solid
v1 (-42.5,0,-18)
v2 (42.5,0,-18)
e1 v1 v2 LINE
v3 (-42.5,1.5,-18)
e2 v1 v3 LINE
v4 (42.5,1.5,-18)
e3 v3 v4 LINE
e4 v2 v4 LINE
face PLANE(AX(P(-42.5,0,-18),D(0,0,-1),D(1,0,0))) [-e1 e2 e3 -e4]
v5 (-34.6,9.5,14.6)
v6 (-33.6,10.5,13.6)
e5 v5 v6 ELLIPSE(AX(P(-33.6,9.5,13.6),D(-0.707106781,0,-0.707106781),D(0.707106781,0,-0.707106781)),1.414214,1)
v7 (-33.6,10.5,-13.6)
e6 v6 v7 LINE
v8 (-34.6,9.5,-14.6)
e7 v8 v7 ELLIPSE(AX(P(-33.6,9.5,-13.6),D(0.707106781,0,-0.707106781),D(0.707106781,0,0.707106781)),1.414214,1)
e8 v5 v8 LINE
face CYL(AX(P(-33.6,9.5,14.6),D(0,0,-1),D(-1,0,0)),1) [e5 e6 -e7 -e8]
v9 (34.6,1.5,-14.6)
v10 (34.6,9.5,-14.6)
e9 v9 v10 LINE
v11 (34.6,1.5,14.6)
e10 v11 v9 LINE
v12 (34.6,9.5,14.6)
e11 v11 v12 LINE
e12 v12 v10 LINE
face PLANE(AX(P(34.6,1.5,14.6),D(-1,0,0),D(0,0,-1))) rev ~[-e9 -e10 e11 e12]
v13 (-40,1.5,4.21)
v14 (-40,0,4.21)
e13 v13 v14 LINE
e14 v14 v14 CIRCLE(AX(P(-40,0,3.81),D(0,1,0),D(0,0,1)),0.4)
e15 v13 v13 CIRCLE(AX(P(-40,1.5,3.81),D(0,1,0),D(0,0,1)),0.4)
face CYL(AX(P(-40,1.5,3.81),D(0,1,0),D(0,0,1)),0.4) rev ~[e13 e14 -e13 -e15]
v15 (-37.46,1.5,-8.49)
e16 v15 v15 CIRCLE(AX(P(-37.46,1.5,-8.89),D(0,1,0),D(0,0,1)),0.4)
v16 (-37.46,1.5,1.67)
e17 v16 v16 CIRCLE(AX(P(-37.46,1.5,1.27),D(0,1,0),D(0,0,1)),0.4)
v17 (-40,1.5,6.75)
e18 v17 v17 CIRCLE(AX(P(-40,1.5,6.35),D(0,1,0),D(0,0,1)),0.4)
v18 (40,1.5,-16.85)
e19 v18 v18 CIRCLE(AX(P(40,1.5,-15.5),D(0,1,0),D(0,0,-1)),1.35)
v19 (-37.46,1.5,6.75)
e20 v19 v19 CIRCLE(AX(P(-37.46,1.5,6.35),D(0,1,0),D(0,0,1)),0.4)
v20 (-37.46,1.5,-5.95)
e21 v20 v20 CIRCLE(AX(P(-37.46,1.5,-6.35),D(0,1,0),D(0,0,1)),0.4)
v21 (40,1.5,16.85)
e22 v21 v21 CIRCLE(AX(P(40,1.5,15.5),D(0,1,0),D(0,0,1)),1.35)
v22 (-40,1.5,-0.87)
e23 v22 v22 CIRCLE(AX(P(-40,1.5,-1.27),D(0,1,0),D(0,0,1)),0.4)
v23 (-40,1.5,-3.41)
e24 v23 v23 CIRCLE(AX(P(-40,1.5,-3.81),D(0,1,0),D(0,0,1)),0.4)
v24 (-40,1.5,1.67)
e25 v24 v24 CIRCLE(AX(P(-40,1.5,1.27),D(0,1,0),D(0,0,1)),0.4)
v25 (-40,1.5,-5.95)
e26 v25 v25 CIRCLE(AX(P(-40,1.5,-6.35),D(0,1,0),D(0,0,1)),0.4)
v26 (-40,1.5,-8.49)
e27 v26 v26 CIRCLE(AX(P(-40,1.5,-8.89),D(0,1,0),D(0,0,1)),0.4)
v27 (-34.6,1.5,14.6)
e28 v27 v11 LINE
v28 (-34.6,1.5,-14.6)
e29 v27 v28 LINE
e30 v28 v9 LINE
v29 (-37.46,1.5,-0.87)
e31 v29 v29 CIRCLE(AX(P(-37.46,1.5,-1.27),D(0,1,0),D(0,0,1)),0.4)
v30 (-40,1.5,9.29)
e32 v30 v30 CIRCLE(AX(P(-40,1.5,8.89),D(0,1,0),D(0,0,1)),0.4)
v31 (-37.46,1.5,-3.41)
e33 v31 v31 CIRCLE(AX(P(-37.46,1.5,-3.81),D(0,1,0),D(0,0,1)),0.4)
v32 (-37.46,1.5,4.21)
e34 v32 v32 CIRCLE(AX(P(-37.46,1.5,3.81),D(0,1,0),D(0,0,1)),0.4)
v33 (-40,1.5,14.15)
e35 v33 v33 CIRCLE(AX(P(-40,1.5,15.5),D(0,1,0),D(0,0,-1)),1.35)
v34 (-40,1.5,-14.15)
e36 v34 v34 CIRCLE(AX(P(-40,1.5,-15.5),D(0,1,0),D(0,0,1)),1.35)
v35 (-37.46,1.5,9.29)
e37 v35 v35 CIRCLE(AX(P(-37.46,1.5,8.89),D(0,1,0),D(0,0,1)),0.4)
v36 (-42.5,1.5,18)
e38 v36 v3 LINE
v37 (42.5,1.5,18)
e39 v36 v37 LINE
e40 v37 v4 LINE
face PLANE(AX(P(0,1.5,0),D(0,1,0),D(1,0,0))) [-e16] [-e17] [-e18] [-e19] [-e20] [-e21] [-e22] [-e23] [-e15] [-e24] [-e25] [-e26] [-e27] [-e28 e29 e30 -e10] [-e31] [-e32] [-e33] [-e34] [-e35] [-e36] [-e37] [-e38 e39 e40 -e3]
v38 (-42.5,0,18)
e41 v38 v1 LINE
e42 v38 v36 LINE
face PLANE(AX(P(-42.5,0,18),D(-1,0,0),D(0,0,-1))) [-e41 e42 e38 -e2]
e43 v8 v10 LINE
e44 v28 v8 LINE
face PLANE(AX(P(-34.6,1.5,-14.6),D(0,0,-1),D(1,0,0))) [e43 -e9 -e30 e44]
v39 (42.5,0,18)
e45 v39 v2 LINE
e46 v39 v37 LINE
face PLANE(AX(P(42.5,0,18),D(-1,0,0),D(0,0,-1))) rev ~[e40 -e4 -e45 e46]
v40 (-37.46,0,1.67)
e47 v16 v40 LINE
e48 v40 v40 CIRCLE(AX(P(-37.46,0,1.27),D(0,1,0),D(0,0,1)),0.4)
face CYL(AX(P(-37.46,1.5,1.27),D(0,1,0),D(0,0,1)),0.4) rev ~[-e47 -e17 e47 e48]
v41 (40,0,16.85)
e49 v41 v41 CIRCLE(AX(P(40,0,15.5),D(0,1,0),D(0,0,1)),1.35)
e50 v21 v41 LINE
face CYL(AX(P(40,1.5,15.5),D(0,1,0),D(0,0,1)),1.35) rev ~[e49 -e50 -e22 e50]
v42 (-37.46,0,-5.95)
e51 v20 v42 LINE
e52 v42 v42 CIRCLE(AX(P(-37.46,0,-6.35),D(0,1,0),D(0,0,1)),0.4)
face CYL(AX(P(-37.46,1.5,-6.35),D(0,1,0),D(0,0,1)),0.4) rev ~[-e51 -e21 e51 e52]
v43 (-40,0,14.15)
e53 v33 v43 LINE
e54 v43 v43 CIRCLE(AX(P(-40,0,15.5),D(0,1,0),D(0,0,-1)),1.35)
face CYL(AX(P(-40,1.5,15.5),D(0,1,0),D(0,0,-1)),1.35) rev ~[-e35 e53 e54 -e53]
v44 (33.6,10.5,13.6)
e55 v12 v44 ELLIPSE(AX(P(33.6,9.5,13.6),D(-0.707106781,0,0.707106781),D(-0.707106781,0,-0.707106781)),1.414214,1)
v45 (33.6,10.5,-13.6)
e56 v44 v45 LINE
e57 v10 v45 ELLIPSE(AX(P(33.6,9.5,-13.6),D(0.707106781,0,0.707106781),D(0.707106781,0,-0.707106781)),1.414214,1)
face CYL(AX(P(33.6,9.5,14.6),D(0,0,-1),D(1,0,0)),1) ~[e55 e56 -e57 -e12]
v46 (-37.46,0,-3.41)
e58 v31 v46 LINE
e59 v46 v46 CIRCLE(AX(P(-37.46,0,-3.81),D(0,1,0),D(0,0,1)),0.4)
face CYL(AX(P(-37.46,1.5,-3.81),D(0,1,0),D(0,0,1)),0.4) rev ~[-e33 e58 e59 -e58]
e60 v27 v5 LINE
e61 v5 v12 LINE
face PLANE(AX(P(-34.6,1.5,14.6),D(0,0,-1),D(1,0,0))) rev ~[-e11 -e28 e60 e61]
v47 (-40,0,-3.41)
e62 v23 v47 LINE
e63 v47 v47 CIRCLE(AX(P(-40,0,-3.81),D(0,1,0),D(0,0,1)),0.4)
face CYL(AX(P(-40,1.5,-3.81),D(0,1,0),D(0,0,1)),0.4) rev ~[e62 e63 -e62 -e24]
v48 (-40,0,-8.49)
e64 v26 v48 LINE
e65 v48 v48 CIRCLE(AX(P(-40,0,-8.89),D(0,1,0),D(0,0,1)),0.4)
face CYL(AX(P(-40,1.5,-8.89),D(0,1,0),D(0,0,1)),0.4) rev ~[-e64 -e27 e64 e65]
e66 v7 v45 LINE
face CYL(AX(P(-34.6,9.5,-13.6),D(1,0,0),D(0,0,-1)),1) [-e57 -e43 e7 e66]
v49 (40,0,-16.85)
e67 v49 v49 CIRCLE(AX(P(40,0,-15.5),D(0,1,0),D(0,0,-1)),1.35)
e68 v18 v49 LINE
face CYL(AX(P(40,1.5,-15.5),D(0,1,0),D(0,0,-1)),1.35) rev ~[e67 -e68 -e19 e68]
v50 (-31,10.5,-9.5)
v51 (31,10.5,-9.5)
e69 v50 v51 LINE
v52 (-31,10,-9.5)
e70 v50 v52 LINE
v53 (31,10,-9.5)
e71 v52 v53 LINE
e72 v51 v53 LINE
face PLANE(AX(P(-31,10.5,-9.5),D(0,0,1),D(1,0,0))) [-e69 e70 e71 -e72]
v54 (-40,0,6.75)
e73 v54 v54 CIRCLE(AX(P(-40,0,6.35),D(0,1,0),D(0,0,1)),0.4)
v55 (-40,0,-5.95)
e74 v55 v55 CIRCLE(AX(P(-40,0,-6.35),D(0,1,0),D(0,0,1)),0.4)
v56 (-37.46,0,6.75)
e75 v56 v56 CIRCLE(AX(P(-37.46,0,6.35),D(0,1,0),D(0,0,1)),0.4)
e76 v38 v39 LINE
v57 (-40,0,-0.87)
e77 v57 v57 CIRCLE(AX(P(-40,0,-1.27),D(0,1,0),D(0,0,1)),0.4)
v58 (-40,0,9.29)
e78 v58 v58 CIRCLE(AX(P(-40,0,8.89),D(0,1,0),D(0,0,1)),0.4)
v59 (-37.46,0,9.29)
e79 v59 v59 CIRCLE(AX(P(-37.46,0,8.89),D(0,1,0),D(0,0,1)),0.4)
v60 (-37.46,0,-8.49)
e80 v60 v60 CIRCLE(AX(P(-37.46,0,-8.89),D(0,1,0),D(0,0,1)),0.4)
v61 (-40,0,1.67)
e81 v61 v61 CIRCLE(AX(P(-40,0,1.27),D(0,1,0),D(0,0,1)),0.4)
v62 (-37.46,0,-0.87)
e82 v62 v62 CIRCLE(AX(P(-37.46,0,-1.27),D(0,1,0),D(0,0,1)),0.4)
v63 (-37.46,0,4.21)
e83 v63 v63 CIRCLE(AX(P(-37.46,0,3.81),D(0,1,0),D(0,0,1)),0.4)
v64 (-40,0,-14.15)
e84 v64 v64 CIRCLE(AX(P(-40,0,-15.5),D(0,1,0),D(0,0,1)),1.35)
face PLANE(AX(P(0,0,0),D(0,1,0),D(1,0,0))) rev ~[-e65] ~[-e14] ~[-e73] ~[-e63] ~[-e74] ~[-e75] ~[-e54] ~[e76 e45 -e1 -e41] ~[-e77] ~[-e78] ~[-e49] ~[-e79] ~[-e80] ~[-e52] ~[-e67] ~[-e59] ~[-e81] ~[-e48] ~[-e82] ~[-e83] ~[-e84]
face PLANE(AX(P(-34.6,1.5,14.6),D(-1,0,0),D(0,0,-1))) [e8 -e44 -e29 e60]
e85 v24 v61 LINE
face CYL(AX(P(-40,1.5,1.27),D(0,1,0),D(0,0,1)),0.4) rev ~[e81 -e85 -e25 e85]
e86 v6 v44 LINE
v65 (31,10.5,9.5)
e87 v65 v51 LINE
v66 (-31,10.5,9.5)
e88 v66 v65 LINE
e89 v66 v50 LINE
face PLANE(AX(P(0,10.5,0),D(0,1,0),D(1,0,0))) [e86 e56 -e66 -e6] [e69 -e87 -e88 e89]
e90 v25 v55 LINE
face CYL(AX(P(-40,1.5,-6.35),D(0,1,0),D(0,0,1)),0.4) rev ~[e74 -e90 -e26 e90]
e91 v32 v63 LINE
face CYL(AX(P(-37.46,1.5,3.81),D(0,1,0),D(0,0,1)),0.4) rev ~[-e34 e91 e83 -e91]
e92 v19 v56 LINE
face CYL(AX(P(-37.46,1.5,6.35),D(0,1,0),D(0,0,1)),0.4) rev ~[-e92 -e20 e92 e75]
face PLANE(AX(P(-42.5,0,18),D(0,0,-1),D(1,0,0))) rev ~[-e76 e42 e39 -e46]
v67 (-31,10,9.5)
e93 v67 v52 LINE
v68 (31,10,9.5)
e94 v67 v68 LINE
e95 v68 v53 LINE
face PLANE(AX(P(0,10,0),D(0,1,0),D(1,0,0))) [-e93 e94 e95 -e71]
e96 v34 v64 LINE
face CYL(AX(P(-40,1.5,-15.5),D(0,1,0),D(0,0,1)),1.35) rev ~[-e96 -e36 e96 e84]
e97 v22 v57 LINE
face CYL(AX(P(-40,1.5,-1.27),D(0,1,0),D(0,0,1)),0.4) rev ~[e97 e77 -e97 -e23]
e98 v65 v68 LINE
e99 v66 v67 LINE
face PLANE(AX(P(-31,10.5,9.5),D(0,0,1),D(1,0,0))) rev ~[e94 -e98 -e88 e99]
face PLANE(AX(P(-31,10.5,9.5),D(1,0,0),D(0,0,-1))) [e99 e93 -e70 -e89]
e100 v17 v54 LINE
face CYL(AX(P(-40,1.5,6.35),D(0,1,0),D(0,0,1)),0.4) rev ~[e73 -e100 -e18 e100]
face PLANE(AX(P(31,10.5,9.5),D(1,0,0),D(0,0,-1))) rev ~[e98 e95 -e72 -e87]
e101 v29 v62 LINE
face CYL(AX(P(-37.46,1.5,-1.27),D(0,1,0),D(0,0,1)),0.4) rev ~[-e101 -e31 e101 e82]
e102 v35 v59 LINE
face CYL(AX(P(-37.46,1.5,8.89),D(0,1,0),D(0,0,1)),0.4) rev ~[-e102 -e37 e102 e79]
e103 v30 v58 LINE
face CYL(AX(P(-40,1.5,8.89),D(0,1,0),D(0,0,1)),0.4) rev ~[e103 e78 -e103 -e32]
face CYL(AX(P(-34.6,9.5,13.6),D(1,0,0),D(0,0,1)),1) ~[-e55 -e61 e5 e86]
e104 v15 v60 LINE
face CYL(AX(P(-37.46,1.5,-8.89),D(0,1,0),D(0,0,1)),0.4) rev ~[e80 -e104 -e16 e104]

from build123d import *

# Parameters (mm, degrees)
SKETCH_1_W                  = 85
SKETCH_1_H                  = 36
EXTRUDE_1_DEPTH             = 1.5
SKETCH_2_W                  = 69.2
SKETCH_2_H                  = 29.2
EXTRUDE_2_DEPTH             = 9
CUT_EXTRUDE_1_REACH         = 49.024
SKETCH_3_R                  = 1.35
SKETCH_4_W                  = 62
SKETCH_4_H                  = 19
CUT_EXTRUDE_2_DEPTH         = 0.5
FILLET_1_R                  = 1
CUT_EXTRUDE_3_REACH         = 49.024
SKETCH_5_R                  = 0.4
PATTERN_LINEAR_1_COUNT      = 8
PATTERN_LINEAR_1_PITCH      = 2.54
PATTERN_LINEAR_1_COUNT_DIR2 = 2
PATTERN_LINEAR_1_PITCH_DIR2 = 2.54


with BuildPart() as part:
    # Эскиз1 → Бобышка-Вытянуть1 (new body)
    with BuildSketch(Plane(origin=(0, 0, 0), x_dir=(1, 0, 0), z_dir=(0, 1, 0))):
        Rectangle(SKETCH_1_W, SKETCH_1_H)
    extrude(amount=EXTRUDE_1_DEPTH)

    # Эскиз2 → Бобышка-Вытянуть2 (add)
    with BuildSketch(Plane(origin=(0, 1.5, 0), x_dir=(1, 0, 0), z_dir=(0, 1, 0))):
        Rectangle(SKETCH_2_W, SKETCH_2_H)
    extrude(amount=EXTRUDE_2_DEPTH)

    # Эскиз3 → Вырез-Вытянуть1 (cut, up to next)
    with BuildSketch(Plane(origin=(0, 1.5, 0), x_dir=(1, 0, 0), z_dir=(0, 1, 0)), mode=Mode.PRIVATE) as cut_extrude_1_sk1:
        with Locations(Location((-40, 15.5, 0), (0, 0, 270))):
            Circle(SKETCH_3_R)
    cut_extrude_1_tool1 = extrude(cut_extrude_1_sk1.sketch, amount=-CUT_EXTRUDE_1_REACH, mode=Mode.PRIVATE) & part.part
    # Эскиз3 → Вырез-Вытянуть1 (cut, up to next)
    with BuildSketch(Plane(origin=(0, 1.5, 0), x_dir=(1, 0, 0), z_dir=(0, 1, 0)), mode=Mode.PRIVATE) as cut_extrude_1_sk2:
        with Locations(Location((-40, -15.5, 0), (0, 0, 90))):
            Circle(SKETCH_3_R)
    cut_extrude_1_tool2 = extrude(cut_extrude_1_sk2.sketch, amount=-CUT_EXTRUDE_1_REACH, mode=Mode.PRIVATE) & part.part
    # Эскиз3 → Вырез-Вытянуть1 (cut, up to next)
    with BuildSketch(Plane(origin=(0, 1.5, 0), x_dir=(1, 0, 0), z_dir=(0, 1, 0)), mode=Mode.PRIVATE) as cut_extrude_1_sk3:
        with Locations(Location((40, -15.5, 0), (0, 0, 270))):
            Circle(SKETCH_3_R)
    cut_extrude_1_tool3 = extrude(cut_extrude_1_sk3.sketch, amount=-CUT_EXTRUDE_1_REACH, mode=Mode.PRIVATE) & part.part
    # Эскиз3 → Вырез-Вытянуть1 (cut, up to next)
    with BuildSketch(Plane(origin=(0, 1.5, 0), x_dir=(1, 0, 0), z_dir=(0, 1, 0)), mode=Mode.PRIVATE) as cut_extrude_1_sk4:
        with Locations(Location((40, 15.5, 0), (0, 0, 90))):
            Circle(SKETCH_3_R)
    cut_extrude_1_tool4 = extrude(cut_extrude_1_sk4.sketch, amount=-CUT_EXTRUDE_1_REACH, mode=Mode.PRIVATE) & part.part
    add(cut_extrude_1_tool1.solids().sort_by_distance((-40, 1.5, -15.5))[0], mode=Mode.SUBTRACT)
    add(cut_extrude_1_tool2.solids().sort_by_distance((-40, 1.5, 15.5))[0], mode=Mode.SUBTRACT)
    add(cut_extrude_1_tool3.solids().sort_by_distance((40, 1.5, 15.5))[0], mode=Mode.SUBTRACT)
    add(cut_extrude_1_tool4.solids().sort_by_distance((40, 1.5, -15.5))[0], mode=Mode.SUBTRACT)

    # Эскиз4 → Вырез-Вытянуть2 (cut)
    with BuildSketch(Plane(origin=(0, 10.5, 0), x_dir=(1, 0, 0), z_dir=(0, 1, 0))):
        Rectangle(SKETCH_4_W, SKETCH_4_H)
    extrude(amount=-CUT_EXTRUDE_2_DEPTH, mode=Mode.SUBTRACT)

    # Скругление1
    fillet_1_edges = [part.edges().sort_by_distance(p)[0] for p in [
        (34.6, 10.5, 0),
        (0, 10.5, -14.6),
        (-34.6, 10.5, 0),
        (0, 10.5, 14.6),
    ]]
    fillet(fillet_1_edges, radius=FILLET_1_R)

    # Эскиз5 → Вырез-Вытянуть3 (cut, up to next)
    with BuildSketch(Plane(origin=(0, 1.5, 0), x_dir=(1, 0, 0), z_dir=(0, 1, 0)), mode=Mode.PRIVATE) as cut_extrude_3_sk1:
        with Locations(Location((-40, 8.89, 0), (0, 0, 270))):
            Circle(SKETCH_5_R)
    cut_extrude_3_tool1 = extrude(cut_extrude_3_sk1.sketch, amount=-CUT_EXTRUDE_3_REACH, mode=Mode.PRIVATE) & part.part
    cut_extrude_3 = cut_extrude_3_tool1.solids().sort_by_distance((-40, 1.5, -8.89))[0]
    add(cut_extrude_3, mode=Mode.SUBTRACT)

    # Линейный массив1: Cut-Extrude 3 8 × 2
    with Locations(*[(j * PATTERN_LINEAR_1_PITCH_DIR2, 0, i * PATTERN_LINEAR_1_PITCH) for i in range(PATTERN_LINEAR_1_COUNT) for j in range(PATTERN_LINEAR_1_COUNT_DIR2) if (i, j) != (0, 0)]):
        add(cut_extrude_3, mode=Mode.SUBTRACT)


solid = part.part
